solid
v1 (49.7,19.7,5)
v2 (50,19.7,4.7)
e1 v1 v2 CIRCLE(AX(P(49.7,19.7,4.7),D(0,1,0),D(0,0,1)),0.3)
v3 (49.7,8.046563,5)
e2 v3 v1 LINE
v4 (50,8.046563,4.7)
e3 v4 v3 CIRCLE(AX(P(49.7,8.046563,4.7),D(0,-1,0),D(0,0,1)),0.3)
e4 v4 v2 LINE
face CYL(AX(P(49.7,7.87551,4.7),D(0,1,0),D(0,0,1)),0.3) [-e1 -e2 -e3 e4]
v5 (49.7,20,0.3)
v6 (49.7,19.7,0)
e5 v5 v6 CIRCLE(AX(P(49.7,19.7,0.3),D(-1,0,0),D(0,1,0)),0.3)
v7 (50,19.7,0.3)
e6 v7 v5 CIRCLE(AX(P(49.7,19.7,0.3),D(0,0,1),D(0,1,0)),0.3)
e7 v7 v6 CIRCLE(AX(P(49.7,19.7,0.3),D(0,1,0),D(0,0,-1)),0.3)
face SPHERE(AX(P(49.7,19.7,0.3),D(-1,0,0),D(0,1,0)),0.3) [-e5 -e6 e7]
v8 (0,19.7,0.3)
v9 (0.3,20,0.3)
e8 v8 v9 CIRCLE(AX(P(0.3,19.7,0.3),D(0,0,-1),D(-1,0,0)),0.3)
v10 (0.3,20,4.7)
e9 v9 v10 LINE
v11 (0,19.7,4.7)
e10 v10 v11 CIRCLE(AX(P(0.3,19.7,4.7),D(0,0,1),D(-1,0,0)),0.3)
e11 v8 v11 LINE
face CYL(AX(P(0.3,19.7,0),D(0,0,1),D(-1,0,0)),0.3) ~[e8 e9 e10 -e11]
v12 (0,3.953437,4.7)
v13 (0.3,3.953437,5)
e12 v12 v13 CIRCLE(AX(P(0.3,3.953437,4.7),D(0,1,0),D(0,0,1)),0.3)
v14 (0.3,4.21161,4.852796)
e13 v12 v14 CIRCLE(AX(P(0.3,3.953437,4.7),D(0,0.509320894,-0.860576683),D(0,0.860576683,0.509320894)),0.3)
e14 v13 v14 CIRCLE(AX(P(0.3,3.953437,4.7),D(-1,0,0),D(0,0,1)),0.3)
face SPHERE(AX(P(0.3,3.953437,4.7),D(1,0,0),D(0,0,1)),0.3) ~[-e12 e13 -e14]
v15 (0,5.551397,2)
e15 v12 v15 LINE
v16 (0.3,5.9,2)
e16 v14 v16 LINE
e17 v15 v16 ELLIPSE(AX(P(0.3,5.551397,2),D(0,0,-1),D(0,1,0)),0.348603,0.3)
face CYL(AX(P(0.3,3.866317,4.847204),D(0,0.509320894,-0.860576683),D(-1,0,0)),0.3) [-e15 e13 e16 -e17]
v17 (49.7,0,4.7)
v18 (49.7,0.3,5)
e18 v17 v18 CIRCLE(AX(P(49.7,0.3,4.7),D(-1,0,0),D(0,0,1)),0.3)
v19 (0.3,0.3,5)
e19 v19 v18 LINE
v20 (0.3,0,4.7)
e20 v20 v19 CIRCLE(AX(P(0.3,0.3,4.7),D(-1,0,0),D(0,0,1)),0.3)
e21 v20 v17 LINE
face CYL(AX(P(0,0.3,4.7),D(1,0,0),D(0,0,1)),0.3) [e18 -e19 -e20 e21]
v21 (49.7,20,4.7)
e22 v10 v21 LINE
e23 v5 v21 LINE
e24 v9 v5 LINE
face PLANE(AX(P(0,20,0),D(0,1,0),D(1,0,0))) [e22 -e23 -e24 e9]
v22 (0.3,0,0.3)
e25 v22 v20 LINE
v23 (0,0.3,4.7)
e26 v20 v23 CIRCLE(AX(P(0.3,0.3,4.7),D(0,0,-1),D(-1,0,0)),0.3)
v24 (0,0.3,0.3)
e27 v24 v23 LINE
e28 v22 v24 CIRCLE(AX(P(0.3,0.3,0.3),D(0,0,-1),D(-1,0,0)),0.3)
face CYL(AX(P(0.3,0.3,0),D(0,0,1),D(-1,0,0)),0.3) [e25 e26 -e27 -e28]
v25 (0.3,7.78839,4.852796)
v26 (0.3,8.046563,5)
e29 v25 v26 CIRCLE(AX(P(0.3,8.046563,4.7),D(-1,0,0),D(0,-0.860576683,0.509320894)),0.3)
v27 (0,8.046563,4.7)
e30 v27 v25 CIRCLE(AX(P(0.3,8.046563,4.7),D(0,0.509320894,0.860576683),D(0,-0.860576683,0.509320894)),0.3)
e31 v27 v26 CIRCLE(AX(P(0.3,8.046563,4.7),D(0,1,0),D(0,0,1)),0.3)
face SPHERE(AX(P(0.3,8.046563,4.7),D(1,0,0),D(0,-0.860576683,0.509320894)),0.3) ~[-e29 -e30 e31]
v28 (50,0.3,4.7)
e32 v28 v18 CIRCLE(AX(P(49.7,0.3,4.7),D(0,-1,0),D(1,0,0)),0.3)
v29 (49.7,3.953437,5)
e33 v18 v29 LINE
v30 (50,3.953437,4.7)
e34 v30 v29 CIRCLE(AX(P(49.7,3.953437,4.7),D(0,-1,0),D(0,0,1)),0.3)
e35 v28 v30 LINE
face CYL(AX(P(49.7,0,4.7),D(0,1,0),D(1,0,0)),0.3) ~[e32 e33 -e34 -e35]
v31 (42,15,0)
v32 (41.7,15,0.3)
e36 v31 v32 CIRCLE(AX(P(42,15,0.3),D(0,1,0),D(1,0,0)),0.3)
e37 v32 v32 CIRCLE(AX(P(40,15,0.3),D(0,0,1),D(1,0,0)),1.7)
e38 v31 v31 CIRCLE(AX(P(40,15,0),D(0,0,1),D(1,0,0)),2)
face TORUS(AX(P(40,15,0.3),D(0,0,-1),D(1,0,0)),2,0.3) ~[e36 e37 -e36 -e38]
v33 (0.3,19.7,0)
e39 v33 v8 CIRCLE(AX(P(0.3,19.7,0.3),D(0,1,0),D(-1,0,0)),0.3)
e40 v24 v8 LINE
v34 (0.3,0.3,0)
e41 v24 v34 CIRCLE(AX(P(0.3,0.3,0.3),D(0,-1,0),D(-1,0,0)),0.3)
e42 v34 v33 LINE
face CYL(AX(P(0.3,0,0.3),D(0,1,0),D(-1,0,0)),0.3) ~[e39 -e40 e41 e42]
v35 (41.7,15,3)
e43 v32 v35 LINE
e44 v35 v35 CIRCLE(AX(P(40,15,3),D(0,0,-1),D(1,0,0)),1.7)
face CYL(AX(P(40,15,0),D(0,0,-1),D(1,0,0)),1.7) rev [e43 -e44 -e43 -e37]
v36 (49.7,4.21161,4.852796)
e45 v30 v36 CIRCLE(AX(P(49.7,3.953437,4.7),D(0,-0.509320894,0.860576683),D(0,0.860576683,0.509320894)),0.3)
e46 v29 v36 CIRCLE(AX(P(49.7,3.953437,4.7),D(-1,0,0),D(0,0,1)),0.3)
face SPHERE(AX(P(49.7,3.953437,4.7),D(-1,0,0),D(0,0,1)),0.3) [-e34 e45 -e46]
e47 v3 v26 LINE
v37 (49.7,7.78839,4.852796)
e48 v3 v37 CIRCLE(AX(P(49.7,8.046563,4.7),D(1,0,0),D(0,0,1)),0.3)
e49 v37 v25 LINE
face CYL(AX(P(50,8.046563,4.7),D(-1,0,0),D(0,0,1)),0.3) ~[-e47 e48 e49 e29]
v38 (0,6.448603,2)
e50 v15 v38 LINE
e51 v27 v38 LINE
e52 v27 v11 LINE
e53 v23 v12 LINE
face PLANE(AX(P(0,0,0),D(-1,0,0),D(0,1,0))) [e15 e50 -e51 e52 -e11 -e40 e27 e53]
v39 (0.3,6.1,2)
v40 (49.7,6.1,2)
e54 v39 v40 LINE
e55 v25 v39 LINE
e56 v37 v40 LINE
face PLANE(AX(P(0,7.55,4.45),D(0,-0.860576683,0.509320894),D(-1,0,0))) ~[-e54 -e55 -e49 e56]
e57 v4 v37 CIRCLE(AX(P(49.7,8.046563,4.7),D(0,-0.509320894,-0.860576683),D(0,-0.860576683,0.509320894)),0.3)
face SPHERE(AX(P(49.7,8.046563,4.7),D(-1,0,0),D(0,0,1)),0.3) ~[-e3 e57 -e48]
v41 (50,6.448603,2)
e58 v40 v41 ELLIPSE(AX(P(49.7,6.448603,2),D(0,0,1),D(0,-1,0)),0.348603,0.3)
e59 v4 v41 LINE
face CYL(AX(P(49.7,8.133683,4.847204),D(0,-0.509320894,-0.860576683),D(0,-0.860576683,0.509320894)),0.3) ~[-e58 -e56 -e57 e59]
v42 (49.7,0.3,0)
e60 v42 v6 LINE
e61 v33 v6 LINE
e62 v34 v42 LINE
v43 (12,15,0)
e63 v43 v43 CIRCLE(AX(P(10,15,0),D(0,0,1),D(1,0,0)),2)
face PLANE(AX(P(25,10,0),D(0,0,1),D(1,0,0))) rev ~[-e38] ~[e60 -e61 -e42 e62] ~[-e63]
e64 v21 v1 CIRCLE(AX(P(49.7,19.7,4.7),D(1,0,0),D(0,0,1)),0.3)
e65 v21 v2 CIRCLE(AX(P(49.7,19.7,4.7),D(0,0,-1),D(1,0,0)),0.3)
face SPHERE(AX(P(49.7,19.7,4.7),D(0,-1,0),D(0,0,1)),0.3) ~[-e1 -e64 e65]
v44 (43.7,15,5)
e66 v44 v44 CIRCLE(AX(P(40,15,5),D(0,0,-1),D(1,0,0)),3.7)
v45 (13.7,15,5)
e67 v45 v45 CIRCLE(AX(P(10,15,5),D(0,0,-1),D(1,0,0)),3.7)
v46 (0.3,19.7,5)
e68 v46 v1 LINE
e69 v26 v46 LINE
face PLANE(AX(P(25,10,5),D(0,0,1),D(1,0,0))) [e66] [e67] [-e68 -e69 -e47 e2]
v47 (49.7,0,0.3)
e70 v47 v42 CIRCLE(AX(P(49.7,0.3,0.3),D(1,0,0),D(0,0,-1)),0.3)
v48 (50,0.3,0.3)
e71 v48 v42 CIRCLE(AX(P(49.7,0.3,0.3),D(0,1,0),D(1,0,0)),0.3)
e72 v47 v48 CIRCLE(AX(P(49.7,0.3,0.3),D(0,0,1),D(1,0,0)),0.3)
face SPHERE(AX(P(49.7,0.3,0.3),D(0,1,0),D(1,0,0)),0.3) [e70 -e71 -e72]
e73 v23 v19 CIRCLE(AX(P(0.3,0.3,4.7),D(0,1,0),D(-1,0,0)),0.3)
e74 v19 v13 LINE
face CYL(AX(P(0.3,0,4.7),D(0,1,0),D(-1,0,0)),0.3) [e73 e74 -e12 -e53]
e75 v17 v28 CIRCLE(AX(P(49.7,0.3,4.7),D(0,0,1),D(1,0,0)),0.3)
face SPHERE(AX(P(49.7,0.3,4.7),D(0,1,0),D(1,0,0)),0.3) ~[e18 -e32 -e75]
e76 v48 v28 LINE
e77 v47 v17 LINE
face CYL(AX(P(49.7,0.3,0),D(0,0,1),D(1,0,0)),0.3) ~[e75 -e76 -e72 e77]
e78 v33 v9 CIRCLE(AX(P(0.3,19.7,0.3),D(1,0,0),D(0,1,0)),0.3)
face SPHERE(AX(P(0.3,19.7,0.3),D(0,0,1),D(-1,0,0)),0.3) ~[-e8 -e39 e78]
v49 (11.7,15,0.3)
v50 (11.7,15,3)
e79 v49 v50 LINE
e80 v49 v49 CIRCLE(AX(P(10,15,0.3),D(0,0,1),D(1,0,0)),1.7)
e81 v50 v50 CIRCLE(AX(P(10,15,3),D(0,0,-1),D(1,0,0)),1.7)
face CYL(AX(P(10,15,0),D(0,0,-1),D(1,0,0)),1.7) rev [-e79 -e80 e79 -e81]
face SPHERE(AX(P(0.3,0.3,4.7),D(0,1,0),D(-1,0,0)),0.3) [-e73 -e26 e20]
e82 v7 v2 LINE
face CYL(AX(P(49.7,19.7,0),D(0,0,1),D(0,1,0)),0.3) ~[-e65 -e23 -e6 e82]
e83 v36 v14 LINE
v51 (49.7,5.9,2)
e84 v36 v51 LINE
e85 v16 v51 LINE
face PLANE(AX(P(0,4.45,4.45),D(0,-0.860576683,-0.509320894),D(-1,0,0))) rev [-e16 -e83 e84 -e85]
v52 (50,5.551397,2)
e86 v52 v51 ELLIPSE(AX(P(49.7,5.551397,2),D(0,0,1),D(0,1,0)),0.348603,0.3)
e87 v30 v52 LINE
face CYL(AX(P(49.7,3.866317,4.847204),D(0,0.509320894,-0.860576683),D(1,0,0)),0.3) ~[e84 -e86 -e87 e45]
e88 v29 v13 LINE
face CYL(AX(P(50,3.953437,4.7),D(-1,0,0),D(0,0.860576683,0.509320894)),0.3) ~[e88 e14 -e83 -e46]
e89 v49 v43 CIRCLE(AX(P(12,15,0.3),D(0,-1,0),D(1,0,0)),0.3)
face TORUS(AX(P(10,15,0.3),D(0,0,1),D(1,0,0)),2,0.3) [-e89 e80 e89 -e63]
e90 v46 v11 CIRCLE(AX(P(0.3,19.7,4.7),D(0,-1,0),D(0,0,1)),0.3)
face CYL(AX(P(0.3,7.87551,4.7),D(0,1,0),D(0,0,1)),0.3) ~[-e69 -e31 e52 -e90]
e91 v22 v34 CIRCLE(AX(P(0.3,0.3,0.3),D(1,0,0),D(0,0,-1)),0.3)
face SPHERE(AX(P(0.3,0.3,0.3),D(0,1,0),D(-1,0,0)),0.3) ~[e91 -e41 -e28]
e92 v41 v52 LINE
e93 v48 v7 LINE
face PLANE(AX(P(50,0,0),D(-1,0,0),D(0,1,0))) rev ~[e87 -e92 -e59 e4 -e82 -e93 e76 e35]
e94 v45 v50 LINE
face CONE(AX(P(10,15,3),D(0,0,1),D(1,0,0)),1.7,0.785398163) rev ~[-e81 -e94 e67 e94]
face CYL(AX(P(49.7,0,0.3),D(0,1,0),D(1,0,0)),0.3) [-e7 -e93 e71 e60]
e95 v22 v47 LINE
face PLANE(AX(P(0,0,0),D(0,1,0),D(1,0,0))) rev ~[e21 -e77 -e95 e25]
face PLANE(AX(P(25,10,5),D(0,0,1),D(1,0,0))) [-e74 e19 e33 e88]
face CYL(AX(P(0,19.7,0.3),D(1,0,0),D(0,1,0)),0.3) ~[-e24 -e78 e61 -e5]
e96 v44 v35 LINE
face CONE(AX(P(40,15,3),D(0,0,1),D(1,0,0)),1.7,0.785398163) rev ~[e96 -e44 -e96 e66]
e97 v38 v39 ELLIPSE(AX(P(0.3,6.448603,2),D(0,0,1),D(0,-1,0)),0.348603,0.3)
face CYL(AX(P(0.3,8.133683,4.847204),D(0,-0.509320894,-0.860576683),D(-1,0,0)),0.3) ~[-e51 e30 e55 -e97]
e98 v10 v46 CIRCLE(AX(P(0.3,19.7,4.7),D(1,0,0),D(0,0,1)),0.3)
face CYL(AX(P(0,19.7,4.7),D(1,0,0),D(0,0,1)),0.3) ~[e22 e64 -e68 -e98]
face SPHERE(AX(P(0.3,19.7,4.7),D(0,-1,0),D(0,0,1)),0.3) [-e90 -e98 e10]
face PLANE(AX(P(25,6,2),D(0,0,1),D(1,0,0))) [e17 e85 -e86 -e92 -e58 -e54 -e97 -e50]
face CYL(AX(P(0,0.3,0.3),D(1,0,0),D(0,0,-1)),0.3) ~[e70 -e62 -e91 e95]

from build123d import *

# Parameters (mm, degrees)
CYLINDER_R        = 1.7
CYLINDER_DEPTH    = 10
CYLINDER001_R     = 1.7
CYLINDER001_DEPTH = 10
BOX_W             = 50
BOX_H             = 6
BOX_DEPTH         = 5
CHAMFER_1_SIZE2   = 2.9
CHAMFER_1_SIZE    = 4.9
CHAMFER_2_SIZE2   = 2.9
CHAMFER_2_SIZE    = 4.9
BOX001_W          = 50
BOX001_H          = 20
BOX001_DEPTH      = 5
CHAMFER001_SIZE   = 2
FILLET_R          = 0.3


with BuildPart() as cylinder:
    # Cylinder → Cylinder (new body)
    with BuildSketch(Plane(origin=(10, 15, 0), x_dir=(1, 0, 0), z_dir=(0, 0, 1))):
        Circle(CYLINDER_R)
    extrude(amount=CYLINDER_DEPTH)


with BuildPart() as cylinder001:
    # Cylinder001 → Cylinder001 (new body)
    with BuildSketch(Plane(origin=(40, 15, 0), x_dir=(1, 0, 0), z_dir=(0, 0, 1))):
        Circle(CYLINDER001_R)
    extrude(amount=CYLINDER001_DEPTH)


with BuildPart() as chamfer_body:
    # Box → Box (new body)
    with BuildSketch(Plane.XY.offset(2)):
        with Locations((25, 3)):
            Rectangle(BOX_W, BOX_H)
    extrude(amount=BOX_DEPTH)

    # Chamfer 1
    chamfer_1_edges = [chamfer_body.edges().sort_by_distance(p)[0] for p in [
        (25, 6, 2),
    ]]
    chamfer_1_side = chamfer_body.faces().sort_by_distance((25, 6, 4.5))[0]
    chamfer(chamfer_1_edges, length=CHAMFER_1_SIZE, length2=CHAMFER_1_SIZE2, reference=chamfer_1_side)

    # Chamfer 2
    chamfer_2_edges = [chamfer_body.edges().sort_by_distance(p)[0] for p in [
        (25, 0, 2),
    ]]
    chamfer_2_side = chamfer_body.faces().sort_by_distance((25, 0, 4.5))[0]
    chamfer(chamfer_2_edges, length=CHAMFER_2_SIZE, length2=CHAMFER_2_SIZE2, reference=chamfer_2_side)


with BuildPart() as chamfer_body_1:
    # Chamfer placement: moved
    add(chamfer_body.part.moved(Location((0, 3, 0))))


with BuildPart() as fillet_body:
    # Box001 → Box001 (new body)
    with BuildSketch(Plane.XY):
        with Locations((25, 10)):
            Rectangle(BOX001_W, BOX001_H)
    extrude(amount=BOX001_DEPTH)

    # Cut: cut Chamfer body
    add(chamfer_body_1.part, mode=Mode.SUBTRACT)

    # Cut001: cut Cylinder001
    add(cylinder001.part, mode=Mode.SUBTRACT)

    # Cut002: cut Cylinder
    add(cylinder.part, mode=Mode.SUBTRACT)

    # Chamfer001
    chamfer001_edges = [fillet_body.edges().sort_by_distance(p)[0] for p in [
        (8.3, 15, 5),
        (38.3, 15, 5),
    ]]
    chamfer(chamfer001_edges, length=CHAMFER001_SIZE)

    # Fillet
    fillet_edges = [fillet_body.edges().sort_by_distance(p)[0] for p in [
        (0, 13.937755, 5),
        (25, 7.87551, 5),
        (50, 13.937755, 5),
        (25, 20, 5),
        (0, 2.062245, 5),
        (0, 5.012245, 3.5),
        (0, 6.987755, 3.5),
        (0, 20, 2.5),
        (0, 10, 0),
        (0, 0, 2.5),
        (50, 6.987755, 3.5),
        (25, 20, 0),
        (50, 20, 2.5),
        (50, 2.062245, 5),
        (50, 5.012245, 3.5),
        (50, 10, 0),
        (50, 0, 2.5),
        (8.3, 15, 0),
        (25, 4.12449, 5),
        (25, 0, 5),
        (25, 0, 0),
        (38.3, 15, 0),
    ]]
    fillet(fillet_edges, radius=FILLET_R)


solid = fillet_body.part
